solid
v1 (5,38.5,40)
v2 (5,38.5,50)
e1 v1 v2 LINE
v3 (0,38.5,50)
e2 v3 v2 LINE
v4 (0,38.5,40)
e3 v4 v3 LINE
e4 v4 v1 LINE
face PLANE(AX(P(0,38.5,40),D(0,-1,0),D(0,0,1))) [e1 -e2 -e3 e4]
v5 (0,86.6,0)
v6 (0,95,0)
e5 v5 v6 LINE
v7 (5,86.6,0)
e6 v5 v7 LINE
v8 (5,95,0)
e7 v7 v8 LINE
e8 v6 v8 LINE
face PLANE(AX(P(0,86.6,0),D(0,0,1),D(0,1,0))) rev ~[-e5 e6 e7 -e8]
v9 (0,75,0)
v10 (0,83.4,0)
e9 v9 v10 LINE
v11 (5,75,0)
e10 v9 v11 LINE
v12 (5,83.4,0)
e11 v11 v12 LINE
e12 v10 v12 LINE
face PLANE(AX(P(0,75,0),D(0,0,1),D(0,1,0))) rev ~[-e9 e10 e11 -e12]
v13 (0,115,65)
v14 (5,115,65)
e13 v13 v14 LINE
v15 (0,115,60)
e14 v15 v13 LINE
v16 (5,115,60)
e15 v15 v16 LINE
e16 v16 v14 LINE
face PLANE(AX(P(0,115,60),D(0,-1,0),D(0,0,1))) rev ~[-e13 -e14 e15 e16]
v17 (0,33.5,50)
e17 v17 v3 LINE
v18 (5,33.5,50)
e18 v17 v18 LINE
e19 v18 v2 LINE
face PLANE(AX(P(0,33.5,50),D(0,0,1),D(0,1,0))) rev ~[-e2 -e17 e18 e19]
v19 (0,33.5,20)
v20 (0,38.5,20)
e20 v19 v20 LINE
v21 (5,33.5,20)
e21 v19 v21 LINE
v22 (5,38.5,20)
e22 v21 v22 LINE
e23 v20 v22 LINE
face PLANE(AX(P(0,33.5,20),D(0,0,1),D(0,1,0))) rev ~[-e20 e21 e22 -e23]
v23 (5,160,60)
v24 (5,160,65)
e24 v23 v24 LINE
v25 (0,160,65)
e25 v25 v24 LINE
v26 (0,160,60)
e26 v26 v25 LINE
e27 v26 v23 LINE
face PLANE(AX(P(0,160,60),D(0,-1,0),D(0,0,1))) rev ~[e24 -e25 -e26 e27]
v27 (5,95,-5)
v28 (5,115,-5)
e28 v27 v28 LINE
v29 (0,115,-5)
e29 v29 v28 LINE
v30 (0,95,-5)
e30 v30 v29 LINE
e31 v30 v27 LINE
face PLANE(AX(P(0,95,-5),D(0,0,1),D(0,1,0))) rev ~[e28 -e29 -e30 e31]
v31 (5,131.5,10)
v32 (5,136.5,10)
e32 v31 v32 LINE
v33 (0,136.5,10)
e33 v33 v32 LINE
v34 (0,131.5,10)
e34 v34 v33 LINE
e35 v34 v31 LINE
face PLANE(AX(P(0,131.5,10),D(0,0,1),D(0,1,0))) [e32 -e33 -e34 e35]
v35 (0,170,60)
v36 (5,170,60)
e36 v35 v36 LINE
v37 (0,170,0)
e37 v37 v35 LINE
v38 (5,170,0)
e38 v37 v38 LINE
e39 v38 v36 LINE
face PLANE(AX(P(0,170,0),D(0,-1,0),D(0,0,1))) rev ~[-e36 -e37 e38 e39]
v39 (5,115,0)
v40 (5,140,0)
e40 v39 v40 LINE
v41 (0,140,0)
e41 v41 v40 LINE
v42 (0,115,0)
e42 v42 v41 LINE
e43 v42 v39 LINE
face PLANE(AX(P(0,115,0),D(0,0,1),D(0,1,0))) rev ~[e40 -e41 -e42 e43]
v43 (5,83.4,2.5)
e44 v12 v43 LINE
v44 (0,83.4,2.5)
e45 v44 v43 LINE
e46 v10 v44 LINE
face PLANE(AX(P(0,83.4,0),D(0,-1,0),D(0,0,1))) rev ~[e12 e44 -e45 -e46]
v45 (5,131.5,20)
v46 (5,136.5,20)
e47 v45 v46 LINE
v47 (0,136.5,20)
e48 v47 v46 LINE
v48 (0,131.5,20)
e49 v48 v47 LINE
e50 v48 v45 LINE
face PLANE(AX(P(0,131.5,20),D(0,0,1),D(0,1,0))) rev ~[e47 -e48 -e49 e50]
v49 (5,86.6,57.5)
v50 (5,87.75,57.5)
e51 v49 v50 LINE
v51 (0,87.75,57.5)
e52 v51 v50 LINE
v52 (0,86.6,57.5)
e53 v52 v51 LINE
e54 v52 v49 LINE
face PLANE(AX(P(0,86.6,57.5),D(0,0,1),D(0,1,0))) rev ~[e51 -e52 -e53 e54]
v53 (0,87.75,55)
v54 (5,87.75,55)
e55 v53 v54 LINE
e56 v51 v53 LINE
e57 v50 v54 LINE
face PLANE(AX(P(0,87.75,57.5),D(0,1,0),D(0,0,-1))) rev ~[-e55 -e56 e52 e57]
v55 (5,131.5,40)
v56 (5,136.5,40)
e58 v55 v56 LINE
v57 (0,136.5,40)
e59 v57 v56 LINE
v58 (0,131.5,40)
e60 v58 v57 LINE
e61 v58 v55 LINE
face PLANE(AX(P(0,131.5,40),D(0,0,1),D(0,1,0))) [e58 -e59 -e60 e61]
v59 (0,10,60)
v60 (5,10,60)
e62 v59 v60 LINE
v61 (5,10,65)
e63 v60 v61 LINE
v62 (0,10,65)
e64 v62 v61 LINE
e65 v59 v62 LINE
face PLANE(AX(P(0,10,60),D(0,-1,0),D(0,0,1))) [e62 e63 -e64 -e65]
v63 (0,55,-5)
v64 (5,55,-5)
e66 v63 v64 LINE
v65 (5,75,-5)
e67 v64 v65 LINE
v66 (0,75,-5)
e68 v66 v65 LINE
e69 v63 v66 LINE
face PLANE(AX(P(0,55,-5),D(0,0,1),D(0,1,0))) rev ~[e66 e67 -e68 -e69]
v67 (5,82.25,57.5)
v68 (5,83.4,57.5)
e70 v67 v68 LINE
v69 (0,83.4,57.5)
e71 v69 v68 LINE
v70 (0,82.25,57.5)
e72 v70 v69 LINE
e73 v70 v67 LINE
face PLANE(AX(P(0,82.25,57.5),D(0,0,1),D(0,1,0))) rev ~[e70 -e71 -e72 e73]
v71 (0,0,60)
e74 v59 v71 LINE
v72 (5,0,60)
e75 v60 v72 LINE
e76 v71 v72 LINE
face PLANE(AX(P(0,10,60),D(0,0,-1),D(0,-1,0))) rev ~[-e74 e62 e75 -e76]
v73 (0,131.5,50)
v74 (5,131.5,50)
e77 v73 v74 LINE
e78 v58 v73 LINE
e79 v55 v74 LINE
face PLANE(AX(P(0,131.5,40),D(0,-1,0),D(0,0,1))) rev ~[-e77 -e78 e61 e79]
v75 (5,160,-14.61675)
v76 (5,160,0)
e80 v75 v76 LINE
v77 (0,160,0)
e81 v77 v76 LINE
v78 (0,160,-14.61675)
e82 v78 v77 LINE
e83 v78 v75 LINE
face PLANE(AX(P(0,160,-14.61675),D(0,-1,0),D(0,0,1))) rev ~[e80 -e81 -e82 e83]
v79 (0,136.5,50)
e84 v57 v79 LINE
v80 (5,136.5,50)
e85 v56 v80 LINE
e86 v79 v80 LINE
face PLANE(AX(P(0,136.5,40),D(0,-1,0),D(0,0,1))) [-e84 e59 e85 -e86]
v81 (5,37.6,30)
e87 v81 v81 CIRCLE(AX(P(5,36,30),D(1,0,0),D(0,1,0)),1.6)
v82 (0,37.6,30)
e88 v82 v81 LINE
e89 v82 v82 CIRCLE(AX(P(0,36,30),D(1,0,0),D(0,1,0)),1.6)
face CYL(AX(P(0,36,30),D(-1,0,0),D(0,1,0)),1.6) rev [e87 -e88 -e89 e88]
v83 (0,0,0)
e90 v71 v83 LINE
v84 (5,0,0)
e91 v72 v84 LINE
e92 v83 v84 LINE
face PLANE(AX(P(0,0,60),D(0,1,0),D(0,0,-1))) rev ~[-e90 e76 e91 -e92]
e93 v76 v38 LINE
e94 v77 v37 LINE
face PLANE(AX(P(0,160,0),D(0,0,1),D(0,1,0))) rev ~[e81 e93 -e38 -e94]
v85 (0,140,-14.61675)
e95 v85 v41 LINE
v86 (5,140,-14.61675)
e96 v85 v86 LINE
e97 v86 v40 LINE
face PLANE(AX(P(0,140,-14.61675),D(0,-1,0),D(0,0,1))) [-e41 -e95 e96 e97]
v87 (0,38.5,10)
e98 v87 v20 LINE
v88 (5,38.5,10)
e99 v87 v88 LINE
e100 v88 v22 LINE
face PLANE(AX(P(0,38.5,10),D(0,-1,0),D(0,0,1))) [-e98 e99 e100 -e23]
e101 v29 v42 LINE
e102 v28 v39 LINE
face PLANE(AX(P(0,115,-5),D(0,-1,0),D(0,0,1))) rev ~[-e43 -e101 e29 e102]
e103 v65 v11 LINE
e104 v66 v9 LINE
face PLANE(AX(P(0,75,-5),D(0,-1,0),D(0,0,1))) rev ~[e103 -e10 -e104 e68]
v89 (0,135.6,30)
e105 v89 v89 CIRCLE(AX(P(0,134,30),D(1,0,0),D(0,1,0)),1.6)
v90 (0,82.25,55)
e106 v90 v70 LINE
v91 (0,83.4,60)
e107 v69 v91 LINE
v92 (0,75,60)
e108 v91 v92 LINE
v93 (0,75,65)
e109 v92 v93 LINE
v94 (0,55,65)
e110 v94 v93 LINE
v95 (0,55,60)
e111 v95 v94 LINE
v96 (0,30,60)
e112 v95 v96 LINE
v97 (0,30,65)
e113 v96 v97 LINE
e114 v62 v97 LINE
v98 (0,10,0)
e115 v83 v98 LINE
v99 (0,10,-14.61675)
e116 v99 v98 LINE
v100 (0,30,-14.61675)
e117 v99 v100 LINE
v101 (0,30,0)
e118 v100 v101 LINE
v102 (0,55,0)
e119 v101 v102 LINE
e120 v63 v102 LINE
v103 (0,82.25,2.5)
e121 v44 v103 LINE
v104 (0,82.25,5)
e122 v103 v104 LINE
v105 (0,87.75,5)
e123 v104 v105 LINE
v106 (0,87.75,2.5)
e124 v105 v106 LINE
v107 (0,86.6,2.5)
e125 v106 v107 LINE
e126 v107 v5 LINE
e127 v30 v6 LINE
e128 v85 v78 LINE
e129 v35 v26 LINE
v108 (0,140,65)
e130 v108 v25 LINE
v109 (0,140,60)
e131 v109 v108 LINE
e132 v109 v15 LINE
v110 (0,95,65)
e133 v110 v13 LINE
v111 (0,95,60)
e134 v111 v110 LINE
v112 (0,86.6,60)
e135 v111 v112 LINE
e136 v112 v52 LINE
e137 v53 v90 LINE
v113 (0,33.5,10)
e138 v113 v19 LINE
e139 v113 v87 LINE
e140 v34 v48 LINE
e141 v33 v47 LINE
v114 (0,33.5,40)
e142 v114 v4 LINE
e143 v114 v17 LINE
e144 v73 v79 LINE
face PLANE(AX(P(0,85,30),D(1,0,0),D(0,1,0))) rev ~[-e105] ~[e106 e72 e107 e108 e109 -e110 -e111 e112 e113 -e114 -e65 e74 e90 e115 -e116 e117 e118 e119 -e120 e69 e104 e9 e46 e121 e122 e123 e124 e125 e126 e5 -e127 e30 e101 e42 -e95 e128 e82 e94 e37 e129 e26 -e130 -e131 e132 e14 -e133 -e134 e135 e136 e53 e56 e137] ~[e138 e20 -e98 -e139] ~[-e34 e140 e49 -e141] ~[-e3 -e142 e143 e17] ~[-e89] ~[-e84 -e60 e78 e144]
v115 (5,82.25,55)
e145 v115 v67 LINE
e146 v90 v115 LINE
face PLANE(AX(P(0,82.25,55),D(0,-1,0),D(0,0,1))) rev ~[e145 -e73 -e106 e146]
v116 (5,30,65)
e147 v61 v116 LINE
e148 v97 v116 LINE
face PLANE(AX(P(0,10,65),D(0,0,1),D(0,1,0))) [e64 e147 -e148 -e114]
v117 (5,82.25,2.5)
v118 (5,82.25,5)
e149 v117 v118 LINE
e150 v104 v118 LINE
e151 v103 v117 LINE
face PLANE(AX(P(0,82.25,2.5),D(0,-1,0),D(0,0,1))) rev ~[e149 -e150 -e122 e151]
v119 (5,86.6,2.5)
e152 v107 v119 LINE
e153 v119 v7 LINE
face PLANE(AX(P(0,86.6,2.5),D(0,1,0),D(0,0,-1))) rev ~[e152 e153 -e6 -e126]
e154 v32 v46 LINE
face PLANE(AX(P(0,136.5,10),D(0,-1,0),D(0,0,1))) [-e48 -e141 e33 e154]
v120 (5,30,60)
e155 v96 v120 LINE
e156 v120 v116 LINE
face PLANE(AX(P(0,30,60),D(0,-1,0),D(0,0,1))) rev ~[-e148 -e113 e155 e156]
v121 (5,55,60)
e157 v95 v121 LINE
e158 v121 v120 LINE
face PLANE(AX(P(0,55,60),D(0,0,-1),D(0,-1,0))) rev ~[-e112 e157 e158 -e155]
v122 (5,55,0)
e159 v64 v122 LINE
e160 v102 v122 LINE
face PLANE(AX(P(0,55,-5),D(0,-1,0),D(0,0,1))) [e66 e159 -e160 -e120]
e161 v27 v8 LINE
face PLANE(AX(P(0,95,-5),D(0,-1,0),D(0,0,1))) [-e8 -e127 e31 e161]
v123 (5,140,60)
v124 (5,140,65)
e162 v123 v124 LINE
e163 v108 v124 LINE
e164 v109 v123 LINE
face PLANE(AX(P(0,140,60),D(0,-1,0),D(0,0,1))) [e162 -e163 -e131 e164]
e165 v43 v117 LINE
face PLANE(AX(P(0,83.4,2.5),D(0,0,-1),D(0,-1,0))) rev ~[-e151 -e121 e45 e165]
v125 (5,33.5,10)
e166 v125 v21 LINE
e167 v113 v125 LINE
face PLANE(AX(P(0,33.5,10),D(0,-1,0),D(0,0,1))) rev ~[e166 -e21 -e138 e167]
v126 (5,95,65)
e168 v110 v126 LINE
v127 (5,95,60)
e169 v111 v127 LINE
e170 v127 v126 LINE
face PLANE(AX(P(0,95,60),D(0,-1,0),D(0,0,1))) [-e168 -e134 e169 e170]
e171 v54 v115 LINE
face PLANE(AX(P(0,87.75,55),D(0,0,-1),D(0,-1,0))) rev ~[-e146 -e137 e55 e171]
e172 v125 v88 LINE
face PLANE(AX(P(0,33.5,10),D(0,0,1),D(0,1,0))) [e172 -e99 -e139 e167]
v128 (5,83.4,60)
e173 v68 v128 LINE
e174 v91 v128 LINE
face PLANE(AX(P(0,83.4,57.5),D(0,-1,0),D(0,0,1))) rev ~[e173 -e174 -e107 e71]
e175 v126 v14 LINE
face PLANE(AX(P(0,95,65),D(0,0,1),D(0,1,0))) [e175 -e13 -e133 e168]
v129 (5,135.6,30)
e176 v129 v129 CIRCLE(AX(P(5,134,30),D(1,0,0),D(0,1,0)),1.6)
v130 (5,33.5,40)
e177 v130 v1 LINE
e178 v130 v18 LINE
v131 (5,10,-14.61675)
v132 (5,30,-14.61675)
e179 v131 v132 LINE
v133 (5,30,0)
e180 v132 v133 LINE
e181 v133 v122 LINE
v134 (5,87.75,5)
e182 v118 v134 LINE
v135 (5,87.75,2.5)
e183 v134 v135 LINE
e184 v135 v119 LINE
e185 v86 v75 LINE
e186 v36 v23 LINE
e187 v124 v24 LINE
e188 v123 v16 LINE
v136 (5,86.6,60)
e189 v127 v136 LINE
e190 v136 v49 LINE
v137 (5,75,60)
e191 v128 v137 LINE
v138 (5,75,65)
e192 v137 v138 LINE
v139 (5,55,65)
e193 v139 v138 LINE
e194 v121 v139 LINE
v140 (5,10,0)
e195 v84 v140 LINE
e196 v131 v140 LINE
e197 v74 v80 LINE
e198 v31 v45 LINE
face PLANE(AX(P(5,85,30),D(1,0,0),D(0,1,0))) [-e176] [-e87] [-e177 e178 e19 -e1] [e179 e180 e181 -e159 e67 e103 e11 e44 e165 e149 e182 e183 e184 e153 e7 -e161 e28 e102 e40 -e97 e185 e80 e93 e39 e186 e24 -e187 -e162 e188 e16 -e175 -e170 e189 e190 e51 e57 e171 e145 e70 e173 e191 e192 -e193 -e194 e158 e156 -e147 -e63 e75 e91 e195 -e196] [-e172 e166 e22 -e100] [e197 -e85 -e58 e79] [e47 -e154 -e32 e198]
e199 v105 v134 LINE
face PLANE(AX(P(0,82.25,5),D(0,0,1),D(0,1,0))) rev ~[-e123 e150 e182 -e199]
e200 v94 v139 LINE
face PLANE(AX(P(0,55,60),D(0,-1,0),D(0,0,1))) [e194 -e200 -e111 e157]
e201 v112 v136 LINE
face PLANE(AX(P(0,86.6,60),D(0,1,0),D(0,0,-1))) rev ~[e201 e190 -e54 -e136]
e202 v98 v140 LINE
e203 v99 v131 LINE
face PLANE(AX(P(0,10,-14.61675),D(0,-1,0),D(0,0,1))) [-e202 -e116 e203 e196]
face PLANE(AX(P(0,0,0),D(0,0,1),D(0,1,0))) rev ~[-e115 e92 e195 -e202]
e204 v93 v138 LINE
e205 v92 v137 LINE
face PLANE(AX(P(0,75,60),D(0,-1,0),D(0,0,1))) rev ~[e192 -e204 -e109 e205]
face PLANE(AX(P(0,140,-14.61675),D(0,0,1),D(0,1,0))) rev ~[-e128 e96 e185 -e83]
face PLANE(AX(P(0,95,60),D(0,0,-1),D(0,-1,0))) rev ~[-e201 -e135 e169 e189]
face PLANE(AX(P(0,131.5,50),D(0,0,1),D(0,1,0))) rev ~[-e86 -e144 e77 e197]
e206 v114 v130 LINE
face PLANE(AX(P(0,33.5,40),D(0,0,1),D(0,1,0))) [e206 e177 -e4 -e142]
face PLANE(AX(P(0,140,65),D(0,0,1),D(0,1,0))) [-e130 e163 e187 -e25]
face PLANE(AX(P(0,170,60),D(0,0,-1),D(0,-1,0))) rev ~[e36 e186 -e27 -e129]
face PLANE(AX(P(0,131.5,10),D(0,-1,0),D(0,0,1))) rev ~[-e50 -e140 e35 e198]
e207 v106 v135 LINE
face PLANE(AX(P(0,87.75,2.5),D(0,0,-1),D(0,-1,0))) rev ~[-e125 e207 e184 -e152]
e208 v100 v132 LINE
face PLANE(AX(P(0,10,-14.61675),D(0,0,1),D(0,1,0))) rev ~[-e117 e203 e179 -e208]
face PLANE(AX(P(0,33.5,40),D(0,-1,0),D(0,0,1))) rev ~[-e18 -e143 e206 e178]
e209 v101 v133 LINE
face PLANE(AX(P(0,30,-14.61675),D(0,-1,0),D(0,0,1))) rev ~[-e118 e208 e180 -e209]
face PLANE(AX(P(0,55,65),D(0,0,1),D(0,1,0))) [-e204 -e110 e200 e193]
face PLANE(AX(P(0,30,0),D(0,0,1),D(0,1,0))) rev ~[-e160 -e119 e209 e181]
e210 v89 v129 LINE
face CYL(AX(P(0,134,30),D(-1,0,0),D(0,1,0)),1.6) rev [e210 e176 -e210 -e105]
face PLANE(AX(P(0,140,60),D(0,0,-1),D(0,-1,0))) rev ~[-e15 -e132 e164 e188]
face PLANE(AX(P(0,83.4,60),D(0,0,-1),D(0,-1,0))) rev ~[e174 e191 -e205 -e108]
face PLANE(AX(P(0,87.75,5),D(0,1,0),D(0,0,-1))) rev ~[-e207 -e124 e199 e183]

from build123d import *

# Parameters (mm, degrees)
F1_W     = 5
F1_H     = 10
F1_R     = 1.6
F1_W_2   = 20
F1_H_2   = 14.6167501807
F1_H_3   = 5
F2_DEPTH = 5


with BuildPart() as f2:
    # F1 (on Right) → F2 (new body)
    with BuildSketch(Plane.YZ):
        Polygon((0, 60), (0, 0), (10, 0), (30, 0), (55, 0), (75, 0), (83.4, 0), (83.4, 2.5), (82.25, 2.5), (82.25, 5), (85, 5), (87.75, 5), (87.75, 2.5), (86.6, 2.5), (86.6, 0), (95, 0), (115, 0), (140, 0), (160, 0), (170, 0), (170, 60), (160, 60), (140, 60), (115, 60), (95, 60), (86.6, 60), (86.6, 57.5), (87.75, 57.5), (87.75, 55), (85, 55), (82.25, 55), (82.25, 57.5), (83.4, 57.5), (83.4, 60), (75, 60), (55, 60), (30, 60), (10, 60), align=None)
        with Locations((36, 15)):
            Rectangle(F1_W, F1_H, mode=Mode.SUBTRACT)
        with Locations((134, 15)):
            Rectangle(F1_W, F1_H, mode=Mode.SUBTRACT)
        with Locations((36, 30)):
            Circle(F1_R, mode=Mode.SUBTRACT)
        with Locations((36, 45)):
            Rectangle(F1_W, F1_H, mode=Mode.SUBTRACT)
        with Locations((134, 30)):
            Circle(F1_R, mode=Mode.SUBTRACT)
        with Locations((134, 45)):
            Rectangle(F1_W, F1_H, mode=Mode.SUBTRACT)
        with Locations((20, -7.3083750904)):
            Rectangle(F1_W_2, F1_H_2)
        with Locations((20, 62.5)):
            Rectangle(F1_W_2, F1_H_3)
        with Locations((65, -2.5)):
            Rectangle(F1_W_2, F1_H_3)
        with Locations((65, 62.5)):
            Rectangle(F1_W_2, F1_H_3)
        with Locations((105, -2.5)):
            Rectangle(F1_W_2, F1_H_3)
        with Locations((105, 62.5)):
            Rectangle(F1_W_2, F1_H_3)
        with Locations((150, -7.3083750904)):
            Rectangle(F1_W_2, F1_H_2)
        with Locations((150, 62.5)):
            Rectangle(F1_W_2, F1_H_3)
    extrude(amount=F2_DEPTH)


solid = f2.part
